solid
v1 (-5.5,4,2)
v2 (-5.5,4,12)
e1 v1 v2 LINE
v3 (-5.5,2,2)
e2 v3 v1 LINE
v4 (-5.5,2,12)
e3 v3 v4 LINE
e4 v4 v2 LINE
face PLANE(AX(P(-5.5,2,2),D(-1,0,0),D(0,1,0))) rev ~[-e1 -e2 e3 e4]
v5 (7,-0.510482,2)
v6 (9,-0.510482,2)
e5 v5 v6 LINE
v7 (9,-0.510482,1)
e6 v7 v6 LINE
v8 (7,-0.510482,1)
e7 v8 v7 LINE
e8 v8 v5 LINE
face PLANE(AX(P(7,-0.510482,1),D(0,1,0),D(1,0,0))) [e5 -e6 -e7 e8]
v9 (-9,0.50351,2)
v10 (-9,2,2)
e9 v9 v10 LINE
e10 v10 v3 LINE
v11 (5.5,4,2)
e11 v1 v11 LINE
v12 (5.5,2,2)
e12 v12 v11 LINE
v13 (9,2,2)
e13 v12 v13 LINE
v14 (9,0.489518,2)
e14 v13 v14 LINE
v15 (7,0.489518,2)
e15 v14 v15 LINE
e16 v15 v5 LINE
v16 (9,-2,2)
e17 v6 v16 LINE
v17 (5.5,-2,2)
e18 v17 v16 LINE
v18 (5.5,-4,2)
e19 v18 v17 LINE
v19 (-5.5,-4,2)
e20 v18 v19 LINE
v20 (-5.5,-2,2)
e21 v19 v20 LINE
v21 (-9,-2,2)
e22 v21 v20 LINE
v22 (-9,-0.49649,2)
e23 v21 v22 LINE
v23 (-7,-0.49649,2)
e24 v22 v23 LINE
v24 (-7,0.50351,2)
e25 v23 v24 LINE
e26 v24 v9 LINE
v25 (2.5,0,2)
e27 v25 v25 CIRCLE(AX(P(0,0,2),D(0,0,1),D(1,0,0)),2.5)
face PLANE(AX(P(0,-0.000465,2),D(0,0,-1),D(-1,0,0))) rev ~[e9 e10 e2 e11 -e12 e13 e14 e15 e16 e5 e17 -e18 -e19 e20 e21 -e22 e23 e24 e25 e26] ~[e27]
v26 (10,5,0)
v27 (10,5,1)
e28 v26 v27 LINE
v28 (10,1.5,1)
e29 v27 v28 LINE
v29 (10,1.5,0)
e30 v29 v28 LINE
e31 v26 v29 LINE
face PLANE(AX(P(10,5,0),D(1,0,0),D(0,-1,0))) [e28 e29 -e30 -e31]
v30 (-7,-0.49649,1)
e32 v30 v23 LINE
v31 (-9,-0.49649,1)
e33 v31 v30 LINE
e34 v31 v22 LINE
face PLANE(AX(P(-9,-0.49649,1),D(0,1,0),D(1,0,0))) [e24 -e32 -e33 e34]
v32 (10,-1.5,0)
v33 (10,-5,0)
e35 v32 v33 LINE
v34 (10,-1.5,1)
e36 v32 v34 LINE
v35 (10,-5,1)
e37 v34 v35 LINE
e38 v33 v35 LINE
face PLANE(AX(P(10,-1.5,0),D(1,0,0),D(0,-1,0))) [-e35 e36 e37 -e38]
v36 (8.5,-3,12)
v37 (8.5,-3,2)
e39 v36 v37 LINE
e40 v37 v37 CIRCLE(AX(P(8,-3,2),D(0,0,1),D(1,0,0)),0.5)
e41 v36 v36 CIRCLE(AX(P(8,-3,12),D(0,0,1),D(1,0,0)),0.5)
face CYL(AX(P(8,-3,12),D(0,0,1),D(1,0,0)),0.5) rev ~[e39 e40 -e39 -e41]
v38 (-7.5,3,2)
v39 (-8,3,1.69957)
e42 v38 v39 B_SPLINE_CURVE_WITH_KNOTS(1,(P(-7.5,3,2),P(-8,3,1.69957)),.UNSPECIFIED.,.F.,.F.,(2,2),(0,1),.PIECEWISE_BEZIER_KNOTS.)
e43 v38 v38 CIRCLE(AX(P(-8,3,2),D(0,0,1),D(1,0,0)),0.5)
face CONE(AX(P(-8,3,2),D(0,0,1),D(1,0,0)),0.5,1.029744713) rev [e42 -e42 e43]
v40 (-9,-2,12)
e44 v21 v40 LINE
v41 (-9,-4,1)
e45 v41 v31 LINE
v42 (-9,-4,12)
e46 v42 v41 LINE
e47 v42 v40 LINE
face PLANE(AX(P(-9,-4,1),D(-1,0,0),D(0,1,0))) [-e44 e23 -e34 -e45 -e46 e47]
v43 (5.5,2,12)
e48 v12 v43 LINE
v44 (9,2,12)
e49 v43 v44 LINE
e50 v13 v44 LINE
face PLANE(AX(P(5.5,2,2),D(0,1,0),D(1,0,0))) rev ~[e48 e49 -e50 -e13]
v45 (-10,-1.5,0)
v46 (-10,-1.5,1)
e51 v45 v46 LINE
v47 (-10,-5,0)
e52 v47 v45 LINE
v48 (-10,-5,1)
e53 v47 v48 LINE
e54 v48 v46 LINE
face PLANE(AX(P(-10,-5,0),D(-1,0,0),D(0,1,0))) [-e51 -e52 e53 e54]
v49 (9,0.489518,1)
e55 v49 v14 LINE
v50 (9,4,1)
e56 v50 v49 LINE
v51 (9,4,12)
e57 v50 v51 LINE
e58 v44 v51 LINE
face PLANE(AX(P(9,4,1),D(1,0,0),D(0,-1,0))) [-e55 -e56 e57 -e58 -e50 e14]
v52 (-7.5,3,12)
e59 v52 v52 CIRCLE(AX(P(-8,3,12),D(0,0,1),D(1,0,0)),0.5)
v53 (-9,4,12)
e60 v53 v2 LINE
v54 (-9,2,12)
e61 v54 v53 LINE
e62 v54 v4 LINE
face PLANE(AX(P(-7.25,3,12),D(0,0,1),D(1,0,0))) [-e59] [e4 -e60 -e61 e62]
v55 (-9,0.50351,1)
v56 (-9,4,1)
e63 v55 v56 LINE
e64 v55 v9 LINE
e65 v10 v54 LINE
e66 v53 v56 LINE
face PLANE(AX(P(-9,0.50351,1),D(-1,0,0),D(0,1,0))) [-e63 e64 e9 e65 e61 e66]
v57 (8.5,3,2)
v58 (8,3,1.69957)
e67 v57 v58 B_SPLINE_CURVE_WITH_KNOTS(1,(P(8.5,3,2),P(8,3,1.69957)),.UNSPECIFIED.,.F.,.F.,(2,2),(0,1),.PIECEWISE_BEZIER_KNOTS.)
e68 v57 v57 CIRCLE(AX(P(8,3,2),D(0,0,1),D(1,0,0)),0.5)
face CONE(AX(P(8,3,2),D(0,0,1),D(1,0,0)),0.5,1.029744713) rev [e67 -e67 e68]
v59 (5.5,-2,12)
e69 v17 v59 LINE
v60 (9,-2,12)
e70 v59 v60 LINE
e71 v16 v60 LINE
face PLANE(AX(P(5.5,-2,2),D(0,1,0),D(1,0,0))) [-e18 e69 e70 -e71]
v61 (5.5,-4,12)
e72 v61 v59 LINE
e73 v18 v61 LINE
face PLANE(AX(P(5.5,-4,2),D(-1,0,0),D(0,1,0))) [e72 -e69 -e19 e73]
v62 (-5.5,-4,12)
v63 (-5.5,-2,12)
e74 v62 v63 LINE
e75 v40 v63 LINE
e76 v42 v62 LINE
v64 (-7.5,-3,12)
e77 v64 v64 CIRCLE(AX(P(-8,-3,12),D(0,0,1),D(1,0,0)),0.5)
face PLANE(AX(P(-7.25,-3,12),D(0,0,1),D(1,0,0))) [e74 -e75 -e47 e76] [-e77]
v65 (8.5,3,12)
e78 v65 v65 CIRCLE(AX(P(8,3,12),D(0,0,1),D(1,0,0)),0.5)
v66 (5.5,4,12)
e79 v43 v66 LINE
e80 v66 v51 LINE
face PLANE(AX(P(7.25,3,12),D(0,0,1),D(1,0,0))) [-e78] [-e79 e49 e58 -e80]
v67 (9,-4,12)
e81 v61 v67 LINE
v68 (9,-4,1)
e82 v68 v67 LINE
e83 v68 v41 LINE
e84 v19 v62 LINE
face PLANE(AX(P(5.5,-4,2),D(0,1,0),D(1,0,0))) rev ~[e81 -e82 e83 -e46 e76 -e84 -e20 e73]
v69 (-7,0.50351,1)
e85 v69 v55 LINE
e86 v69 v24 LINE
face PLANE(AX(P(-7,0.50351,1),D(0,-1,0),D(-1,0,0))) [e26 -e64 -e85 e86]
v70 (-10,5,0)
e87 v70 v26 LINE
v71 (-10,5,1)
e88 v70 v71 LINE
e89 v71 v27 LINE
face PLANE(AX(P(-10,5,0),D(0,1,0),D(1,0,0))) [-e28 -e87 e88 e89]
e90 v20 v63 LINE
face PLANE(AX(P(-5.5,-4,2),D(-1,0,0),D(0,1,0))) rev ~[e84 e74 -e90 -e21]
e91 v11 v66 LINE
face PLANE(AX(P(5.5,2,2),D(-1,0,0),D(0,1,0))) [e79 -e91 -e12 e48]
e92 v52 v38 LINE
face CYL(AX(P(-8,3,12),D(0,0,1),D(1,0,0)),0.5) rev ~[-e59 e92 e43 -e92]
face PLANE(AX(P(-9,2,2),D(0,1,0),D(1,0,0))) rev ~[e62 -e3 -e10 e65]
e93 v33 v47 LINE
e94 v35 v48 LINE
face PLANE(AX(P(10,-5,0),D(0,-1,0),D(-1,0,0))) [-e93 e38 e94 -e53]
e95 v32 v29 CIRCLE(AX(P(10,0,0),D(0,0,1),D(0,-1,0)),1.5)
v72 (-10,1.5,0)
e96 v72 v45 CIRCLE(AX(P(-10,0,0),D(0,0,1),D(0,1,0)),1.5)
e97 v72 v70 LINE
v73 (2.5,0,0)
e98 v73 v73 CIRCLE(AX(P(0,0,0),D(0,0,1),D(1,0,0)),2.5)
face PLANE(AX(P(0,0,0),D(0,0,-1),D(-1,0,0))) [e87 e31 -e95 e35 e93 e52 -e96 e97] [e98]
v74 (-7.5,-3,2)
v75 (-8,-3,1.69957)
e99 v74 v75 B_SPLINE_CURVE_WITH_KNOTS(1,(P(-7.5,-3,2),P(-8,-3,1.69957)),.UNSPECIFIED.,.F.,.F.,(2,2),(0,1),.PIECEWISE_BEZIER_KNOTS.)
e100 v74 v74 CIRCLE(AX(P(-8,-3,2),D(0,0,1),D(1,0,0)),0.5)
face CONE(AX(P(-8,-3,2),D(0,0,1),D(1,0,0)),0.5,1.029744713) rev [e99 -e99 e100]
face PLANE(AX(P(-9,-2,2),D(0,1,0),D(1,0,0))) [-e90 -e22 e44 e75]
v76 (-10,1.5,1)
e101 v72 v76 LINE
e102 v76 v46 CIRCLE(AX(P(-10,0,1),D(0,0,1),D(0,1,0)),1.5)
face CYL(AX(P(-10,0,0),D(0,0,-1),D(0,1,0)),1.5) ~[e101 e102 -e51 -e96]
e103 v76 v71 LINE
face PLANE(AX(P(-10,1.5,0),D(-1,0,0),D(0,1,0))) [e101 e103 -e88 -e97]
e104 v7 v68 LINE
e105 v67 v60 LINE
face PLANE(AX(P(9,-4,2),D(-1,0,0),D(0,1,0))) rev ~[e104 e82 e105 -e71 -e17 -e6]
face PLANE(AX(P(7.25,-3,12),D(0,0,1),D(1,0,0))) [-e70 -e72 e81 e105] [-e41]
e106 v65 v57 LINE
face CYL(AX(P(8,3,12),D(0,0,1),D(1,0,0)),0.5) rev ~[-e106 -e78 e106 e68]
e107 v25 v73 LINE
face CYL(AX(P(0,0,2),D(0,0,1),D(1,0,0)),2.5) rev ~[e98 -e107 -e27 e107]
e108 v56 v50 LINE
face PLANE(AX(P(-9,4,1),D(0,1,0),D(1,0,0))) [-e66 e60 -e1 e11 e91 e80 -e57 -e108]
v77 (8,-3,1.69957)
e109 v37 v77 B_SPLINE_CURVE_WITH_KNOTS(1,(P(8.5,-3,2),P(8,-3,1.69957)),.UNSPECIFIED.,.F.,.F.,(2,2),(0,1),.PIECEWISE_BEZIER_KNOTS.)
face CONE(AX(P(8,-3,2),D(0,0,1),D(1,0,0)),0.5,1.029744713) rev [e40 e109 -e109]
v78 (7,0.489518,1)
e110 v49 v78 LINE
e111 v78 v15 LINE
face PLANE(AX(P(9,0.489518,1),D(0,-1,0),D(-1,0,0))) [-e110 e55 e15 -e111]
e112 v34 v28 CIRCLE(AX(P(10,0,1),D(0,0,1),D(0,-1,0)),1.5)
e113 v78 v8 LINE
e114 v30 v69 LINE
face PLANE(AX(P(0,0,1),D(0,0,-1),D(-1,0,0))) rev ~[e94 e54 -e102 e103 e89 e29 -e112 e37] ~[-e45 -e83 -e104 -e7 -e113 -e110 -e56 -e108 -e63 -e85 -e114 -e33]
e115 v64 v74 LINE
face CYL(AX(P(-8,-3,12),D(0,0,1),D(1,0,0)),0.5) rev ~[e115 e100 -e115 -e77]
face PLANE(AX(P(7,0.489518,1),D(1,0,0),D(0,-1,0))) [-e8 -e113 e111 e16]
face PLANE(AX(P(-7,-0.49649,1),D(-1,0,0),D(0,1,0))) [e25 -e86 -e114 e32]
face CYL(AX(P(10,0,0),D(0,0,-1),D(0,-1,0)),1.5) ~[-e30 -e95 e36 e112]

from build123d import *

# Parameters (mm, degrees)
PAD_DEPTH    = 1
PAD001_DEPTH = 1
SKETCH002_W  = 3.5
SKETCH002_H  = 2
PAD002_DEPTH = 10
SKETCH003_R  = 2.5
POCKET_DEPTH = 2.001
SKETCH004_R  = 0.5
HOLE_DEPTH   = 10
HOLE_TIPS_R  = 0.5


with BuildPart() as part:
    # Sketch → Pad (new body)
    with BuildSketch(Plane.XY):
        with BuildLine():
            Line((-10, 5), (10, 5))
            Line((10, 5), (10, 1.5))
            ThreePointArc((10, -1.5), (11.5, 0), (10, 1.5))
            Line((10, -1.5), (10, -5))
            Line((10, -5), (-10, -5))
            Line((-10, -5), (-10, -1.5))
            ThreePointArc((-10, 1.5), (-11.5, 0), (-10, -1.5))
            Line((-10, 1.5), (-10, 5))
        make_face()
    extrude(amount=PAD_DEPTH)

    # Sketch001 (on Face10 of Pad) → Pad001 (join)
    with BuildSketch(Plane.XY.offset(1)):
        Polygon((-9, 4), (9, 4), (9, 0.489518), (7, 0.489518), (7, -0.510482), (9, -0.510482), (9, -4), (-9, -4), (-9, -0.49649), (-7, -0.49649), (-7, 0.50351), (-9, 0.50351), align=None)
    extrude(amount=PAD001_DEPTH)

    # Sketch002 (on Face23 of Pad001) → Pad002 (join)
    with BuildSketch(Plane.XY.offset(2)):
        with Locations((7.25, -3)):
            Rectangle(SKETCH002_W, SKETCH002_H)
        with Locations((7.25, 3)):
            Rectangle(SKETCH002_W, SKETCH002_H)
        with Locations((-7.25, 3)):
            Rectangle(SKETCH002_W, SKETCH002_H)
        with Locations((-7.25, -3)):
            Rectangle(SKETCH002_W, SKETCH002_H)
    extrude(amount=PAD002_DEPTH)

    # Sketch003 (on Face23 of Pad002) → Pocket (cut, through all)
    with BuildSketch(Plane.XY.offset(2)):
        Circle(SKETCH003_R)
    extrude(amount=-POCKET_DEPTH, mode=Mode.SUBTRACT)

    # Sketch004 (on Face42 of Pocket) → Hole (cut)
    with BuildSketch(Plane.XY.offset(12)):
        with Locations((8, -3)):
            Circle(SKETCH004_R)
        with Locations((-8, 3)):
            Circle(SKETCH004_R)
        with Locations((-8, -3)):
            Circle(SKETCH004_R)
        with Locations((8, 3)):
            Circle(SKETCH004_R)
    extrude(amount=-HOLE_DEPTH, mode=Mode.SUBTRACT)

    # Hole tips → Hole tip 1 section 0
    with BuildSketch(Plane.XY.offset(2), mode=Mode.PRIVATE) as hole_tip_1_s0:
        with Locations((8, -3)):
            Circle(HOLE_TIPS_R)
    loft([hole_tip_1_s0.sketch, Vertex(8, -3, 1.69957)], mode=Mode.SUBTRACT)

    # Hole tips → Hole tip 2 section 0
    with BuildSketch(Plane.XY.offset(2), mode=Mode.PRIVATE) as hole_tip_2_s0:
        with Locations((-8, 3)):
            Circle(HOLE_TIPS_R)
    loft([hole_tip_2_s0.sketch, Vertex(-8, 3, 1.69957)], mode=Mode.SUBTRACT)

    # Hole tips → Hole tip 3 section 0
    with BuildSketch(Plane.XY.offset(2), mode=Mode.PRIVATE) as hole_tip_3_s0:
        with Locations((-8, -3)):
            Circle(HOLE_TIPS_R)
    loft([hole_tip_3_s0.sketch, Vertex(-8, -3, 1.69957)], mode=Mode.SUBTRACT)

    # Hole tips → Hole tip 4 section 0
    with BuildSketch(Plane.XY.offset(2), mode=Mode.PRIVATE) as hole_tip_4_s0:
        with Locations((8, 3)):
            Circle(HOLE_TIPS_R)
    loft([hole_tip_4_s0.sketch, Vertex(8, 3, 1.69957)], mode=Mode.SUBTRACT)


solid = part.part
